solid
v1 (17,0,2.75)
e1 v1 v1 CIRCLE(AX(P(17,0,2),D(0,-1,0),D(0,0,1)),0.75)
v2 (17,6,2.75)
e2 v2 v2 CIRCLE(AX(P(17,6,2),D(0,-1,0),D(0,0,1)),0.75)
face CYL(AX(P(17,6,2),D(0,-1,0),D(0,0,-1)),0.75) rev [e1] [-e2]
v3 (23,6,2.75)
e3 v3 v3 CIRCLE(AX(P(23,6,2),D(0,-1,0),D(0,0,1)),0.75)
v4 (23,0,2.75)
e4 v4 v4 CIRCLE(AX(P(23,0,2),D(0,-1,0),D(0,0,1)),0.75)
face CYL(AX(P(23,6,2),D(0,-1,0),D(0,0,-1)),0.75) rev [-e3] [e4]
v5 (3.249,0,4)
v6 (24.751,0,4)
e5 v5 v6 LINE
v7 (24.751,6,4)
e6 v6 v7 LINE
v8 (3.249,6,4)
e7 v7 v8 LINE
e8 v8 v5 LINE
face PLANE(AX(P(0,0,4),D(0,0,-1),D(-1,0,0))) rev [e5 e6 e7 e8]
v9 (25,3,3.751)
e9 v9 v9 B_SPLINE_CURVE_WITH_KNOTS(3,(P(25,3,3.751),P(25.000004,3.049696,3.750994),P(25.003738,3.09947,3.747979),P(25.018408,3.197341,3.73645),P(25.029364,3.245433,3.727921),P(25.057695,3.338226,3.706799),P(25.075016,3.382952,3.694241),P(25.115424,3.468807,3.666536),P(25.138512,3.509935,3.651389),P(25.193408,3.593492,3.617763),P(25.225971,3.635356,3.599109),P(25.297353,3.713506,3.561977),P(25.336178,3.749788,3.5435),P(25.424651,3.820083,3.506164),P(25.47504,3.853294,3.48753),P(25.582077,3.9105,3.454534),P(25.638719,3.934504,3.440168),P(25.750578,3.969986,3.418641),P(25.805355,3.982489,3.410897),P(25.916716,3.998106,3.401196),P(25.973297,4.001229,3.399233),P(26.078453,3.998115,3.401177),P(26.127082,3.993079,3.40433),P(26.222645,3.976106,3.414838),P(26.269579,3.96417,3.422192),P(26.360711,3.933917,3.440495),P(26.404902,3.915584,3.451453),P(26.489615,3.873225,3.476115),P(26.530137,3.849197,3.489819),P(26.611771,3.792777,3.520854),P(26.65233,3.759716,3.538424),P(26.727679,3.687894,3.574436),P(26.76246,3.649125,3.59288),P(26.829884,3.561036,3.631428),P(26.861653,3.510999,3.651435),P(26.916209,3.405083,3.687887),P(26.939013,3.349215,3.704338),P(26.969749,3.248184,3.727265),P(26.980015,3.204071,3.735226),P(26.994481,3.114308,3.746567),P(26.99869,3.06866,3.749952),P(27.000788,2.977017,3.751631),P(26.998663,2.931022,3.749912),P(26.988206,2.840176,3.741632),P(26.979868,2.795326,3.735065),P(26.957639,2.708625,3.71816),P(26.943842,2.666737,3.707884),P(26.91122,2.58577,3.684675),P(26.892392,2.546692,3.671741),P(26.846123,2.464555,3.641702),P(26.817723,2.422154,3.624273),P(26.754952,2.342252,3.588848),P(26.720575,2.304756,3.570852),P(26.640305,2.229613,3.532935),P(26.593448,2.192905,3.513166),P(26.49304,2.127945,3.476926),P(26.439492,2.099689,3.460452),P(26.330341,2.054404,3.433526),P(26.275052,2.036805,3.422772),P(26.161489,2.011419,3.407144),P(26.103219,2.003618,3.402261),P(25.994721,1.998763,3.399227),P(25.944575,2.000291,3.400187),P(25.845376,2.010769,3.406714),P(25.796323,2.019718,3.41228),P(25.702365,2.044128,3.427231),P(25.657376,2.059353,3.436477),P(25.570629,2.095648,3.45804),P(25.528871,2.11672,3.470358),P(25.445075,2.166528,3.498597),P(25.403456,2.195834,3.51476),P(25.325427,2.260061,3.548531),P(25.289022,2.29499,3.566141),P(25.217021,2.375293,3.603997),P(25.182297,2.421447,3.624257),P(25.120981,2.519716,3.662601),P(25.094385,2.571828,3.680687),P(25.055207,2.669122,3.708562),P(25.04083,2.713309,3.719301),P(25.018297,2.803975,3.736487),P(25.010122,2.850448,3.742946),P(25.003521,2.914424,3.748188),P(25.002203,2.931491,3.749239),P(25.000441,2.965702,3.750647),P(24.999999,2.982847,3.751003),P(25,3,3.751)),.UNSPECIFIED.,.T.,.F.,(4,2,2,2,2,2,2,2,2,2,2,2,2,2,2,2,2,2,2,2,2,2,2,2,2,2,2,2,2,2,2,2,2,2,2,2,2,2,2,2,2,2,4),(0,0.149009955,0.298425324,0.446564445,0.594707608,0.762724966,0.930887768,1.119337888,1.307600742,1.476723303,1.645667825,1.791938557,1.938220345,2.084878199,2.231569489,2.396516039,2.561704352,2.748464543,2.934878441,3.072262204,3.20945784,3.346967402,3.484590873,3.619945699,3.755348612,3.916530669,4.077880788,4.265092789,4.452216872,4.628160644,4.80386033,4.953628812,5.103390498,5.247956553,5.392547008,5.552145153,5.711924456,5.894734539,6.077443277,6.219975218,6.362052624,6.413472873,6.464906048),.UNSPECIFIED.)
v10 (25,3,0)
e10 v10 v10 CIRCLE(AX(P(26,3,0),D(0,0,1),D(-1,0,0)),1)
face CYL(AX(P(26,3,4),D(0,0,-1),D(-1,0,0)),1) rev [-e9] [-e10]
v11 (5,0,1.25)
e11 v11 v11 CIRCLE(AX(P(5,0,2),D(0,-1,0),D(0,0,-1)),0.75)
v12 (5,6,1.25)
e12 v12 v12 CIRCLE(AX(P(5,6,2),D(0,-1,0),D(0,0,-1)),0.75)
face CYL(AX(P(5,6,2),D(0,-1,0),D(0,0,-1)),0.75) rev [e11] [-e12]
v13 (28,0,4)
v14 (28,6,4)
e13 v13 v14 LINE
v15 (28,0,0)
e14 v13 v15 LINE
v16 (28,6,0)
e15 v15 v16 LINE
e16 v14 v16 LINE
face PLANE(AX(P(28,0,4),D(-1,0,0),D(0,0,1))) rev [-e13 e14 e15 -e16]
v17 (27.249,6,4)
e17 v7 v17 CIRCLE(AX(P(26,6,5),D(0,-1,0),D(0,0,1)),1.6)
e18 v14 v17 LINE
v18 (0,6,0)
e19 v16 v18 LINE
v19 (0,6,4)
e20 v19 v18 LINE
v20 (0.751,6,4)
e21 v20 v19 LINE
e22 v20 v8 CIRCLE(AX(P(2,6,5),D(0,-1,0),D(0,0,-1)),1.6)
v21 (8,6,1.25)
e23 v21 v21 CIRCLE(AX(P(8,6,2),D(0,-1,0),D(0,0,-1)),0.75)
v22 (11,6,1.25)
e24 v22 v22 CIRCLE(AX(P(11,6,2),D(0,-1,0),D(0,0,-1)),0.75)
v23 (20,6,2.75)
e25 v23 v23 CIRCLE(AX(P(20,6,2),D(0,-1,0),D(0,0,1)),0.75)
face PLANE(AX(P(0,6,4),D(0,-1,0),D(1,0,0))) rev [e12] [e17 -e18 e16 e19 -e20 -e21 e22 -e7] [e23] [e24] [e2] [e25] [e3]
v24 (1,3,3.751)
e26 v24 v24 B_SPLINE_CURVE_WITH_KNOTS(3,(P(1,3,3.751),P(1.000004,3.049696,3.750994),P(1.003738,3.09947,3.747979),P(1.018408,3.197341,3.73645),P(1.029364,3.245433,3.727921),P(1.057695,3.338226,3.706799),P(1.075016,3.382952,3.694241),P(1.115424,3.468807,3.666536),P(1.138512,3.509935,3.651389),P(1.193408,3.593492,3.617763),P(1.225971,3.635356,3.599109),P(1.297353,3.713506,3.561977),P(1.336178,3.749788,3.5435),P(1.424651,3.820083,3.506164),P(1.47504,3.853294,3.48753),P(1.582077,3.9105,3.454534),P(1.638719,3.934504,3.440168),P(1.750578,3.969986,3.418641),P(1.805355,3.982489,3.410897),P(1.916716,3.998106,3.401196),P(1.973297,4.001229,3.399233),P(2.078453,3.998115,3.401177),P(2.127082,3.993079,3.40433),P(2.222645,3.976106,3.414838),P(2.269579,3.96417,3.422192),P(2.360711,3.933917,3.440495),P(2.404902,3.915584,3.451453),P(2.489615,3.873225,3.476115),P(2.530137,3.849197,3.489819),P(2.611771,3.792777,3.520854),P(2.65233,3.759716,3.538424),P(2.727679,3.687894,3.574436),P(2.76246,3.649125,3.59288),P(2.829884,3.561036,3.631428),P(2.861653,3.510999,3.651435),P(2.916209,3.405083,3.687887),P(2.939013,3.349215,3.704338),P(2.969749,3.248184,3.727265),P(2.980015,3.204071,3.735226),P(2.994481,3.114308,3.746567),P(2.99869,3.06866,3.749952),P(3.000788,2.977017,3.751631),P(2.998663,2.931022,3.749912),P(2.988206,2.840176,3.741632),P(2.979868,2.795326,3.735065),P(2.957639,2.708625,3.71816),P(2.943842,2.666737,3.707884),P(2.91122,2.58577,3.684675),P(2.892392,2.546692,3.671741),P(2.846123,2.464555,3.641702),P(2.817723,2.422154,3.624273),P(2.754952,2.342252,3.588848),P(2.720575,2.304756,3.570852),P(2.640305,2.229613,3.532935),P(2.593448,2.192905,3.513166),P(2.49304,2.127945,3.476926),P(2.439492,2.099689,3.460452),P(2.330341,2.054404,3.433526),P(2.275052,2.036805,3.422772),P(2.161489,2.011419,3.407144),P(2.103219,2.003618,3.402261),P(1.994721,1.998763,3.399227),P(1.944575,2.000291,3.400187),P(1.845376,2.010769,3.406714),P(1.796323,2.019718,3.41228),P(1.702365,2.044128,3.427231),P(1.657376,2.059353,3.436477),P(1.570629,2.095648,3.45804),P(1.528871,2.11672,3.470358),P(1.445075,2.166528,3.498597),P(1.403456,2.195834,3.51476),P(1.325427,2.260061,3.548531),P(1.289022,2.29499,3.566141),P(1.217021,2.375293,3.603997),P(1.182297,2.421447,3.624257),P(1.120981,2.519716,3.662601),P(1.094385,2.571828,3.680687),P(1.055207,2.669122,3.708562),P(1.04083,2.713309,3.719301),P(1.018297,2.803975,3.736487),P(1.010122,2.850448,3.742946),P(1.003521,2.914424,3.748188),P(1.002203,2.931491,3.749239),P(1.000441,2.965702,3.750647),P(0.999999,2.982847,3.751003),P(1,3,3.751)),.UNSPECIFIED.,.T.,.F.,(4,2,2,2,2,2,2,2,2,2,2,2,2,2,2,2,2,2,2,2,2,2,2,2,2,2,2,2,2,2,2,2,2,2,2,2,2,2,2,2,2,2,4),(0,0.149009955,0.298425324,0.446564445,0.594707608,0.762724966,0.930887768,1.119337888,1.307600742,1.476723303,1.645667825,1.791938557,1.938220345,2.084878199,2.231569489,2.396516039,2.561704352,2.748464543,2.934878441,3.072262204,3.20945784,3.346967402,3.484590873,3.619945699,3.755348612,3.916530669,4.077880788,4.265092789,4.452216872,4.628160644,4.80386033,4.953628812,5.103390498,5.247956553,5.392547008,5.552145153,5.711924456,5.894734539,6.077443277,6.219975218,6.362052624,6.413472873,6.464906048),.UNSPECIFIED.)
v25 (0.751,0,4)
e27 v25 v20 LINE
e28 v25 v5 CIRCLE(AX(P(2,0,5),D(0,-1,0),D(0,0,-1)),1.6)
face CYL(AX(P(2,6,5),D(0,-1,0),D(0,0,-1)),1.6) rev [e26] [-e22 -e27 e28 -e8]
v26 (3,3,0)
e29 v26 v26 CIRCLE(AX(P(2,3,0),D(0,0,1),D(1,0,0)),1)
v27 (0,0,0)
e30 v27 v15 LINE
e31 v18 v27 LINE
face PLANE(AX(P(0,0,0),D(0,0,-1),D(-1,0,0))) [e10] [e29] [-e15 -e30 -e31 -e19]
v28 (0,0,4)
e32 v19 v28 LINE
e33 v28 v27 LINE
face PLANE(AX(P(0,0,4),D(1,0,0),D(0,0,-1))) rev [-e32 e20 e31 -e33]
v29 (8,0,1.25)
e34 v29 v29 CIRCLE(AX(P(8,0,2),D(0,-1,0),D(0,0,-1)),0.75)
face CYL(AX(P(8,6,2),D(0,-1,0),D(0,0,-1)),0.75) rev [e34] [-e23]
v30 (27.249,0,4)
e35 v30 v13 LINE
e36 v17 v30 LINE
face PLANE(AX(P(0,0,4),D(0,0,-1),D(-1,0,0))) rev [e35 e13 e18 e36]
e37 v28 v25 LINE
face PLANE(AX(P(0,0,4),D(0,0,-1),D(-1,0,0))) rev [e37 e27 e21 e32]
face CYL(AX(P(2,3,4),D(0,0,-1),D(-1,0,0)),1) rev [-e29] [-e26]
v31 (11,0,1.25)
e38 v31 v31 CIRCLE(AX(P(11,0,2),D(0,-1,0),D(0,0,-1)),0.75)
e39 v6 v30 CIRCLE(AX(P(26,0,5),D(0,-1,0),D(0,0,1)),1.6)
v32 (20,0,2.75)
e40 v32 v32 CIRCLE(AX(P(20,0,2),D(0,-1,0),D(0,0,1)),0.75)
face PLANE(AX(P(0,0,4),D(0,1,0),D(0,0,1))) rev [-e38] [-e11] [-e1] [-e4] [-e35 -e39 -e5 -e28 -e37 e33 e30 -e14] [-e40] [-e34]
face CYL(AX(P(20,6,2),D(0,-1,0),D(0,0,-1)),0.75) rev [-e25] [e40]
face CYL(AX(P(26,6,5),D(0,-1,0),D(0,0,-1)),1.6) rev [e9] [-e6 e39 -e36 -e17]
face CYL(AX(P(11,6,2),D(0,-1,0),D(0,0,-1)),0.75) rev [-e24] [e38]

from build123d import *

# Parameters (mm, degrees)
CROQUIS1_W              = 28
CROQUIS1_H              = 6
CROQUIS1_R              = 1
SALIENTE_EXTRUIR1_DEPTH = 4
CROQUIS2_R              = 1.6
CROQUIS2_R_2            = 0.75
CORTAR_EXTRUIR1_DEPTH   = 6


with BuildPart() as part:
    # Croquis1 → Saliente-Extruir1 (new body)
    with BuildSketch(Plane.XY):
        with Locations((14, 3)):
            Rectangle(CROQUIS1_W, CROQUIS1_H)
        with Locations((2, 3)):
            Circle(CROQUIS1_R, mode=Mode.SUBTRACT)
        with Locations(Location((26, 3, 0), (0, 0, 180))):
            Circle(CROQUIS1_R, mode=Mode.SUBTRACT)
    extrude(amount=SALIENTE_EXTRUIR1_DEPTH)

    # Croquis2 → Cortar-Extruir1 (cut)
    with BuildSketch(Plane.XZ):
        with Locations((2, 5)):
            Circle(CROQUIS2_R)
        with Locations(Location((11, 2, 0), (0, 0, 270))):
            Circle(CROQUIS2_R_2)
        with Locations(Location((8, 2, 0), (0, 0, 270))):
            Circle(CROQUIS2_R_2)
        with Locations(Location((5, 2, 0), (0, 0, 270))):
            Circle(CROQUIS2_R_2)
        with Locations(Location((23, 2, 0), (0, 0, 90))):
            Circle(CROQUIS2_R_2)
        with Locations(Location((20, 2, 0), (0, 0, 90))):
            Circle(CROQUIS2_R_2)
        with Locations(Location((17, 2, 0), (0, 0, 90))):
            Circle(CROQUIS2_R_2)
        with Locations((26, 5)):
            Circle(CROQUIS2_R)
    extrude(amount=-CORTAR_EXTRUIR1_DEPTH, mode=Mode.SUBTRACT)


solid = part.part
